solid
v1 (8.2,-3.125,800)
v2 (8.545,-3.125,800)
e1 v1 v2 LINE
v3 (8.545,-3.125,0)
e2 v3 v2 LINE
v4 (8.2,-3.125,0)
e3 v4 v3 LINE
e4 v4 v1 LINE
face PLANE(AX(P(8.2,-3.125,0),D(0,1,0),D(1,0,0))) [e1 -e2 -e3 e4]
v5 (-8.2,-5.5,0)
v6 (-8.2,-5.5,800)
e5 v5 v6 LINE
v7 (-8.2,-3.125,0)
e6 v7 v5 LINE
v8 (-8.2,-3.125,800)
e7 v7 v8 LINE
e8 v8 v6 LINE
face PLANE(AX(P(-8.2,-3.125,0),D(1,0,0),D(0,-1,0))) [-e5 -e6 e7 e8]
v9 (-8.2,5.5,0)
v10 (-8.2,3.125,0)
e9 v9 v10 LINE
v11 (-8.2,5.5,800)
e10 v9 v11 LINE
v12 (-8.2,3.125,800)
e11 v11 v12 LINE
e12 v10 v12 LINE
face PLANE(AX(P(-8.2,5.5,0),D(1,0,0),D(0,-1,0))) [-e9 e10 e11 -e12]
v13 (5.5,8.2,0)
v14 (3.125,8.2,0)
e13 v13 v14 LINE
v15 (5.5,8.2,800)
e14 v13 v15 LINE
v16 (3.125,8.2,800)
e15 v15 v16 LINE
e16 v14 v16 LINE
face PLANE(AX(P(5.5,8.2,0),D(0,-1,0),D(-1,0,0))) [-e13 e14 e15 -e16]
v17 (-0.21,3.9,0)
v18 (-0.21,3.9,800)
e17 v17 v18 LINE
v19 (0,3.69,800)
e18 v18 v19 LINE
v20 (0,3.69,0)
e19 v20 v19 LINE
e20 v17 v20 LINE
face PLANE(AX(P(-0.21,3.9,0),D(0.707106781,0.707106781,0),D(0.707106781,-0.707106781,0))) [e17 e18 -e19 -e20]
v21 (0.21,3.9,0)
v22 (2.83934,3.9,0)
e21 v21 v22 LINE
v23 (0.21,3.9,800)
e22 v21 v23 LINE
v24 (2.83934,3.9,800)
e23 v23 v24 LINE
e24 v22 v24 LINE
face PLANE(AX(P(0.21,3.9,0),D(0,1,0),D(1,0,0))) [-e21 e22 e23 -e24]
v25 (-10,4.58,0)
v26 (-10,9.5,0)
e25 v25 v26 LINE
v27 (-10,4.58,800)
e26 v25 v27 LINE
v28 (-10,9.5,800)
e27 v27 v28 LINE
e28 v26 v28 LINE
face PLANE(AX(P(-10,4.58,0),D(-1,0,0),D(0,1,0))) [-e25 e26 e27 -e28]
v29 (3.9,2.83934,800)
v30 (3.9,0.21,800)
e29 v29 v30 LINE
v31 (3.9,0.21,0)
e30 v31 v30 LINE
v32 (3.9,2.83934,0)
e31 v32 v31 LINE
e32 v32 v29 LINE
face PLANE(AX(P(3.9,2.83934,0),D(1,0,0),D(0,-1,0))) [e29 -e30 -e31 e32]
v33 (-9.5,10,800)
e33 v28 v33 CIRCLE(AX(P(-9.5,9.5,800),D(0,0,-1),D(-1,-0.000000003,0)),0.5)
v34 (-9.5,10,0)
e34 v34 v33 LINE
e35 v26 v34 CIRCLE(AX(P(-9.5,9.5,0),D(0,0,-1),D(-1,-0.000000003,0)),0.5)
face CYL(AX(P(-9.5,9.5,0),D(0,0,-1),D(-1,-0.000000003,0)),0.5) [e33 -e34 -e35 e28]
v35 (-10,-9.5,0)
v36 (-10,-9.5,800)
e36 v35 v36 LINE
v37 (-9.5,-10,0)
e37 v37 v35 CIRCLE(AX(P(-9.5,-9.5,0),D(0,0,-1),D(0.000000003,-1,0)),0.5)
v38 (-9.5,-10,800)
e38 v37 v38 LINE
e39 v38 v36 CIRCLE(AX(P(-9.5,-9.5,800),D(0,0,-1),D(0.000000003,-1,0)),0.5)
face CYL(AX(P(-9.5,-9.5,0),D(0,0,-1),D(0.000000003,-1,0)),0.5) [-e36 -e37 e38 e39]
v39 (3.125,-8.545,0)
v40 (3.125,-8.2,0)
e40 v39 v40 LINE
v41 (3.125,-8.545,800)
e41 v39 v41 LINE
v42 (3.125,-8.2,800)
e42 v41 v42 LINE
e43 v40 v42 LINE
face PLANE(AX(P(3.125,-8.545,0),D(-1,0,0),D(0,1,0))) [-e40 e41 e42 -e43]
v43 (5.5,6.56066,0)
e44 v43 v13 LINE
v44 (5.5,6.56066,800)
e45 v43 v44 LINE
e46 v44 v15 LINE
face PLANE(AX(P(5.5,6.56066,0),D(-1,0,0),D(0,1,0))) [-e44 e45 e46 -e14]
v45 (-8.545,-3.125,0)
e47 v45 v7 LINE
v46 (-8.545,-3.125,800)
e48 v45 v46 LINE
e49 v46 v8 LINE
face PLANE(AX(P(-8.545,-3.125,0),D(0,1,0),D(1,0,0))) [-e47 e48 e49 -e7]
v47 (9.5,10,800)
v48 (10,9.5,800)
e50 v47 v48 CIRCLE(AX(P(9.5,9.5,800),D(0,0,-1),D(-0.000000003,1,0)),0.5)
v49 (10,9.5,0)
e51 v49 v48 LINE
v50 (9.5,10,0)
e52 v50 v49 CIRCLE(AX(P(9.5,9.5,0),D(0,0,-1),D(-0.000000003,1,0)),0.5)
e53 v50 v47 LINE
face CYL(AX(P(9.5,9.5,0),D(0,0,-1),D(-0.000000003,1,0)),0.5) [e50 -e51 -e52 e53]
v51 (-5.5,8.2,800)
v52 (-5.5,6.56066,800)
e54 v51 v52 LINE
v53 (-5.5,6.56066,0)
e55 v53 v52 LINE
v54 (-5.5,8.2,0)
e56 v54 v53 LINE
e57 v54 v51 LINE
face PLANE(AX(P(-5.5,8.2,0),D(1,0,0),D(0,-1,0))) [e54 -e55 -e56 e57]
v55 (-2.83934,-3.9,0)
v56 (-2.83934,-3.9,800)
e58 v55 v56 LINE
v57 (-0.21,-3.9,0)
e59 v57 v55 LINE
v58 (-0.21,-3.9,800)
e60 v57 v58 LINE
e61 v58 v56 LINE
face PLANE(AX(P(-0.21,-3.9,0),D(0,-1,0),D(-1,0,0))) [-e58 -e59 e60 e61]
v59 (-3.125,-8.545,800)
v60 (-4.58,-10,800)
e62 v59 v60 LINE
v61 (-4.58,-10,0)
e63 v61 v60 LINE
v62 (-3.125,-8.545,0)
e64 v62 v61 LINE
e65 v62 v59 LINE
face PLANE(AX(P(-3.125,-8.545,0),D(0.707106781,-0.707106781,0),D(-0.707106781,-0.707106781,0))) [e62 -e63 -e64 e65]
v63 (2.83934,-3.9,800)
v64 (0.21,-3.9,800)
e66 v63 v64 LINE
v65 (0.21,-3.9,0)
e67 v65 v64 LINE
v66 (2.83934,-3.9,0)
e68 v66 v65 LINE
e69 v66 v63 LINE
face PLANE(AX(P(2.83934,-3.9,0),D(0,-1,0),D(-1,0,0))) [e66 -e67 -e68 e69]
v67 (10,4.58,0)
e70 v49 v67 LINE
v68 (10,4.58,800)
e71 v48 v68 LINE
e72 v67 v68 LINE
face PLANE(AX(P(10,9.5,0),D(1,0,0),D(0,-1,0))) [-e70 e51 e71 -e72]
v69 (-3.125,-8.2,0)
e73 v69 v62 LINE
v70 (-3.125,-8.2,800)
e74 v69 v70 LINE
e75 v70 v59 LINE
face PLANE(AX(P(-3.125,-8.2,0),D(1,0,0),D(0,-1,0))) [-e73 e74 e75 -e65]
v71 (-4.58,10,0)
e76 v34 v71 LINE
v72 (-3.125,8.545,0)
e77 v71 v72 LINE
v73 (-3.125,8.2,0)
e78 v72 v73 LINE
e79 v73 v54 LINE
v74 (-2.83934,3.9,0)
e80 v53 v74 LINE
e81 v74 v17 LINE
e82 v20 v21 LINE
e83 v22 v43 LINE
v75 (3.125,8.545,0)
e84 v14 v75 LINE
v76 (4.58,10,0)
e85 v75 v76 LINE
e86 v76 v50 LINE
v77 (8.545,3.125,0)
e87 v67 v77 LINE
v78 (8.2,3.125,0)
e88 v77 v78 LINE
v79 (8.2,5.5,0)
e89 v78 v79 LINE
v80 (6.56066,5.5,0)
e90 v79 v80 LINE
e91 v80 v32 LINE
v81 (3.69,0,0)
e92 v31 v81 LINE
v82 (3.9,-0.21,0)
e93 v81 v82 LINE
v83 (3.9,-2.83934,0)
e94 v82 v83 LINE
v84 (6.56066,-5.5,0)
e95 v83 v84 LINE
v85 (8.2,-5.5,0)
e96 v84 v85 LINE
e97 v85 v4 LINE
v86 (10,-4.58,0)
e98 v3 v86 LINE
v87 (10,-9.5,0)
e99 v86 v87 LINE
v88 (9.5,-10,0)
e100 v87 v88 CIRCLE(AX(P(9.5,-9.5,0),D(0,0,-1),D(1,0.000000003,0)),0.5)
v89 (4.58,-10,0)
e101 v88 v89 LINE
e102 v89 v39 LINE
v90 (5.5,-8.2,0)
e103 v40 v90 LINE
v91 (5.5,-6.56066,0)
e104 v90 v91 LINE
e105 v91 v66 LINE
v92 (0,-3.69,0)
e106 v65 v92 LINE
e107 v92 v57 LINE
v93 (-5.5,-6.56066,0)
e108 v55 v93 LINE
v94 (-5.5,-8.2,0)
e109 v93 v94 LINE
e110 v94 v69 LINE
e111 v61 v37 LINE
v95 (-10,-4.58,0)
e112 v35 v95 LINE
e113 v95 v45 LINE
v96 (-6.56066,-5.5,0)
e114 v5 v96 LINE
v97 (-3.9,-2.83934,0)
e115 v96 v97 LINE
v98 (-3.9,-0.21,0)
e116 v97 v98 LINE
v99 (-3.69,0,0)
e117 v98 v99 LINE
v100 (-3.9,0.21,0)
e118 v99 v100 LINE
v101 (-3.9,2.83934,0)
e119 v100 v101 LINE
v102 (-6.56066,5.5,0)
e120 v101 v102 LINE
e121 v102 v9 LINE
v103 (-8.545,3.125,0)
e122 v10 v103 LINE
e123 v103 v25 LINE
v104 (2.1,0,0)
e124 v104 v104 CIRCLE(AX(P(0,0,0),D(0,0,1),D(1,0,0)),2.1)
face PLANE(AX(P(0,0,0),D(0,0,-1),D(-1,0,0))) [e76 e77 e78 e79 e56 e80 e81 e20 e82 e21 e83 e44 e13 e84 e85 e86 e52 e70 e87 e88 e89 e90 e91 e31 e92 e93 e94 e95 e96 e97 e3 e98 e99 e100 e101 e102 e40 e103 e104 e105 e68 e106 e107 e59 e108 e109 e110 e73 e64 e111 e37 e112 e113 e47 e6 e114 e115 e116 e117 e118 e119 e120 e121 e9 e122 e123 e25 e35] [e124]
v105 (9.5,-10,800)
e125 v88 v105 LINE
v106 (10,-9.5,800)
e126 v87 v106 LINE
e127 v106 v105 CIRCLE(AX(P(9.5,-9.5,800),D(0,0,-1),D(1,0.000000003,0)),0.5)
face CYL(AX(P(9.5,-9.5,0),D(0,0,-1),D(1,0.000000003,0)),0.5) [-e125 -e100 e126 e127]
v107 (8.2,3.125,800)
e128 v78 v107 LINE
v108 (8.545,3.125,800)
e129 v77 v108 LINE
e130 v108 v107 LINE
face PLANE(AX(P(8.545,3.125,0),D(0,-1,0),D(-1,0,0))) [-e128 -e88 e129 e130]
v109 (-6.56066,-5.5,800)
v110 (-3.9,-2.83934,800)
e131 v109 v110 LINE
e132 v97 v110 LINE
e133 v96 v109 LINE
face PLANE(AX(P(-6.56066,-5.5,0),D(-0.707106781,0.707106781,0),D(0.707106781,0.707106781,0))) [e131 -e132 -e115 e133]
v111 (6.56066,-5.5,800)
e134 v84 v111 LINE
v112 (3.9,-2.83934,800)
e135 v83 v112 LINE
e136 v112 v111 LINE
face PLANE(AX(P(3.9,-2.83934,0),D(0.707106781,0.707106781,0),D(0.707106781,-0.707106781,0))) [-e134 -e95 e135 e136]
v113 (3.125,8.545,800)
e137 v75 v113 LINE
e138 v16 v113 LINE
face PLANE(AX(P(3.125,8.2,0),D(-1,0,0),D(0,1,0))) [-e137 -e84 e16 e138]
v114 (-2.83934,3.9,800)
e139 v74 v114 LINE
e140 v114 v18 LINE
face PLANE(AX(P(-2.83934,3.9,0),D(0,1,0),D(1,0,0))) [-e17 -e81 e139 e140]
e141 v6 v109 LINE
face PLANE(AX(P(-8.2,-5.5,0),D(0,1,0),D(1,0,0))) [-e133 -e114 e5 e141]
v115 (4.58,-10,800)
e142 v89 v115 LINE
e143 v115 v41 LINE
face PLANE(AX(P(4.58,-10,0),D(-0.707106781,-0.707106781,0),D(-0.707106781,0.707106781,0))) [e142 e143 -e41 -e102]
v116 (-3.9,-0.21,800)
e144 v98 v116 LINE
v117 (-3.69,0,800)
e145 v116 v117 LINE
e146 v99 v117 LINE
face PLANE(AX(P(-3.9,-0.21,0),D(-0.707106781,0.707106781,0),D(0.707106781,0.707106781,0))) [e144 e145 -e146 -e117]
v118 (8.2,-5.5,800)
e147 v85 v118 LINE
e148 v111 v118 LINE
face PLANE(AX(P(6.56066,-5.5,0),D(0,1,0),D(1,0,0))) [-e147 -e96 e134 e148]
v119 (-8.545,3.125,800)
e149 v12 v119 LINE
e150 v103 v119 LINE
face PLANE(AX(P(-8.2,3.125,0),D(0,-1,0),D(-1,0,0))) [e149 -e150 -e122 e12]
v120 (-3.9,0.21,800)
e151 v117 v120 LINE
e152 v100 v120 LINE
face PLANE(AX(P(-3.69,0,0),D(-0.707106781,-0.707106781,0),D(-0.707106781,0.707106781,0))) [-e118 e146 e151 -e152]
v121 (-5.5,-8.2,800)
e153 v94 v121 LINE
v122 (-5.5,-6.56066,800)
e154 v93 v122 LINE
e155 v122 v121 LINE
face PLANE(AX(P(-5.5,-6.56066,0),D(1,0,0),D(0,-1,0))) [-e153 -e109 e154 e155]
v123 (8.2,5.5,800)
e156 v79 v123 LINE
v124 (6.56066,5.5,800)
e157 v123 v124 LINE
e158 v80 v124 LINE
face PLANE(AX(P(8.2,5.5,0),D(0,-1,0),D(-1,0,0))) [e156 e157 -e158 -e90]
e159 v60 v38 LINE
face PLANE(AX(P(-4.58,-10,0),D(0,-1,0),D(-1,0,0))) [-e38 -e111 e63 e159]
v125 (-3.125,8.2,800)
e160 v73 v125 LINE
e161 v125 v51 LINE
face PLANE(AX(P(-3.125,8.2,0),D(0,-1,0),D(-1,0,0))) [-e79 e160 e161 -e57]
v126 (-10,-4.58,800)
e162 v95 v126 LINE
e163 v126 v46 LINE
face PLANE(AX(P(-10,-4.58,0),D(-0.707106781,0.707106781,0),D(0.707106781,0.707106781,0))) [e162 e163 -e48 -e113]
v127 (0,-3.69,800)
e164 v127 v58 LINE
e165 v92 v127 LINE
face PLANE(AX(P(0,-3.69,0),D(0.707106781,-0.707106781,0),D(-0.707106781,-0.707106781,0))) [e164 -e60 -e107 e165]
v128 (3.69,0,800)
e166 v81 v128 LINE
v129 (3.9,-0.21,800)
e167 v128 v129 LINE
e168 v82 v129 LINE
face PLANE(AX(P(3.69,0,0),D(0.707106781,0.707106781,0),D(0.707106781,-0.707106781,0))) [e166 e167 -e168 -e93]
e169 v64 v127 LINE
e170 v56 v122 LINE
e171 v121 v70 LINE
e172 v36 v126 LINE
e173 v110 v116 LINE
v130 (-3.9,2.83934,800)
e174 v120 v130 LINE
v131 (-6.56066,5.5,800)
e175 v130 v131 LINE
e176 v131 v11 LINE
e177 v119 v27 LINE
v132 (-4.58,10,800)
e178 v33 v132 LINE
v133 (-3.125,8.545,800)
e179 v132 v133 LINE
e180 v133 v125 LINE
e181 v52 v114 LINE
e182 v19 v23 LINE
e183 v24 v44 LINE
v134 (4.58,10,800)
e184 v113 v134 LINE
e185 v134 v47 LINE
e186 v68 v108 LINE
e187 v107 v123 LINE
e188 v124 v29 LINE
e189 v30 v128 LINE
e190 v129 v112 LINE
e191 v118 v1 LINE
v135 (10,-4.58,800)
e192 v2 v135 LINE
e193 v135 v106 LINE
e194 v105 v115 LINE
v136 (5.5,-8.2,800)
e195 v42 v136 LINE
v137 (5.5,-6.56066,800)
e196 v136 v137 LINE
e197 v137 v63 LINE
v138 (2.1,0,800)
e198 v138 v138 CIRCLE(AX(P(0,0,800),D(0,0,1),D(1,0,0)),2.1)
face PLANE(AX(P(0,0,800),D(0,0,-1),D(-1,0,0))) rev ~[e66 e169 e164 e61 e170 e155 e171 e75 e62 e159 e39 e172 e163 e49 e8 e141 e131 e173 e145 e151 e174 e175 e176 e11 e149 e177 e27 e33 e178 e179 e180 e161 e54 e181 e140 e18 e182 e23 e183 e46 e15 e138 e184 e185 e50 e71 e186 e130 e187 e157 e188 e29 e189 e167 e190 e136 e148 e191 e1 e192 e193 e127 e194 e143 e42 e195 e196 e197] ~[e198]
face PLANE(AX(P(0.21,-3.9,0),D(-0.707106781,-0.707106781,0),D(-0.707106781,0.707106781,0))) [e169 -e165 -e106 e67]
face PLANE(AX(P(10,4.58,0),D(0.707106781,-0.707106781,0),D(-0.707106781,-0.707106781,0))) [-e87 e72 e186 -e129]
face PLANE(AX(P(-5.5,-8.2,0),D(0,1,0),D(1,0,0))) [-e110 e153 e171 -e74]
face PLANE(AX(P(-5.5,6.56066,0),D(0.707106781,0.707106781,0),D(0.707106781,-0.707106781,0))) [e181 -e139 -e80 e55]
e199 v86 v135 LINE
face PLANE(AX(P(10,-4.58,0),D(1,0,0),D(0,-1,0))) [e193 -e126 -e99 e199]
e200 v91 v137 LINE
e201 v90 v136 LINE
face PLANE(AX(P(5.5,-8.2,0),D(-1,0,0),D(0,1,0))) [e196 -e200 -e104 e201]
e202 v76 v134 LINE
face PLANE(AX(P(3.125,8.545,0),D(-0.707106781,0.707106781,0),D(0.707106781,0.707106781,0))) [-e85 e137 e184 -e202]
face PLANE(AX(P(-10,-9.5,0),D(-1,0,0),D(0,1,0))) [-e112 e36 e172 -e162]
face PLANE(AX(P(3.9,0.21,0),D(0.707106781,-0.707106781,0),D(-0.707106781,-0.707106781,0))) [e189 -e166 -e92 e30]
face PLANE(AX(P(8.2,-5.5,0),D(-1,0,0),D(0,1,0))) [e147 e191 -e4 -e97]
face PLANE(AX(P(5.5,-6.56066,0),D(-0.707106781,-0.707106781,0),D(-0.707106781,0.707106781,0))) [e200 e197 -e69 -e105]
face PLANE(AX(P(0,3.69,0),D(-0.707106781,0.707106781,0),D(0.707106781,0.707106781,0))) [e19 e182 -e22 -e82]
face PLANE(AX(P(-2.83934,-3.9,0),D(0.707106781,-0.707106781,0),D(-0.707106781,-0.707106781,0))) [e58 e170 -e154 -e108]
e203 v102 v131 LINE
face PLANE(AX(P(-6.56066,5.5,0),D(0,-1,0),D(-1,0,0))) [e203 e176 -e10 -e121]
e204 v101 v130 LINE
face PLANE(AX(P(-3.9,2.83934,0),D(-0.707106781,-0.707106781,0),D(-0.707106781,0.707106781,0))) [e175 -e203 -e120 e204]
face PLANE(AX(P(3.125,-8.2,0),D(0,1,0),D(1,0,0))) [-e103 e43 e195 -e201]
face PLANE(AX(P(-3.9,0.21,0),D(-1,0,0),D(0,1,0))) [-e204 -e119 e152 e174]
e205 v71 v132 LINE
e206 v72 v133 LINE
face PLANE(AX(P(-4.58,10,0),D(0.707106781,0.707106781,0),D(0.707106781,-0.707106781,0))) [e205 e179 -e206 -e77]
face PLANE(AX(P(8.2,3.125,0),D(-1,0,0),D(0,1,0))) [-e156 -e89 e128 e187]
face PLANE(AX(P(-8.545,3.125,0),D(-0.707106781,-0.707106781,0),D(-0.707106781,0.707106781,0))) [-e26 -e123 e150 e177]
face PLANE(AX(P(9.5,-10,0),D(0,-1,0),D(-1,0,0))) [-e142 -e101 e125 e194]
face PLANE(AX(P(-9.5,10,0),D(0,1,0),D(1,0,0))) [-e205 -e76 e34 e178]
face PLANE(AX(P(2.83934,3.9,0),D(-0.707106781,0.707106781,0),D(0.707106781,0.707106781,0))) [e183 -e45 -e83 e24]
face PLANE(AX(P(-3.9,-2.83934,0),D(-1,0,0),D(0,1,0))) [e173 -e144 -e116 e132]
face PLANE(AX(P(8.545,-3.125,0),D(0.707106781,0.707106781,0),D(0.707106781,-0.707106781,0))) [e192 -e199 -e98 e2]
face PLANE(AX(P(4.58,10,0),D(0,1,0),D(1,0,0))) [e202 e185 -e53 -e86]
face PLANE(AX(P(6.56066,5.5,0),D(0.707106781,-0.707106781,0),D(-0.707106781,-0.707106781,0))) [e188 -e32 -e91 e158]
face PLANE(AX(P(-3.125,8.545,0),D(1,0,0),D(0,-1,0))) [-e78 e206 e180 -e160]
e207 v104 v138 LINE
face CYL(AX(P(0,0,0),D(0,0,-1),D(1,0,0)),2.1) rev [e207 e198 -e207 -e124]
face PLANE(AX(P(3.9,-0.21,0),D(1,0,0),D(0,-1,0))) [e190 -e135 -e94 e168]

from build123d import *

# Parameters (mm, degrees)
SKETCH1_R           = 2.1
BOSS_EXTRUDE1_DEPTH = 800


with BuildPart() as part:
    # Sketch1 → Boss-Extrude1 (new body)
    with BuildSketch(Plane.XY):
        with BuildLine():
            Line((3.69, 0), (3.9, -0.21))
            Line((3.9, -0.21), (3.9, -2.839339828))
            Line((3.9, -2.839339828), (6.560660172, -5.5))
            Line((6.560660172, -5.5), (8.2, -5.5))
            Line((8.2, -5.5), (8.2, -3.125))
            Line((8.2, -3.125), (8.545, -3.125))
            Line((8.545, -3.125), (10, -4.58))
            Line((10, -4.58), (10, -9.5))
            ThreePointArc((10, -9.5), (9.853553391, -9.853553391), (9.5, -10))
            Line((9.5, -10), (4.58, -10))
            Line((4.58, -10), (3.125, -8.545))
            Line((3.125, -8.545), (3.125, -8.2))
            Line((3.125, -8.2), (5.5, -8.2))
            Line((5.5, -8.2), (5.5, -6.560660172))
            Line((5.5, -6.560660172), (2.839339828, -3.9))
            Line((2.839339828, -3.9), (0.21, -3.9))
            Line((0.21, -3.9), (0, -3.69))
            Line((0, -3.69), (-0.21, -3.9))
            Line((-0.21, -3.9), (-2.839339828, -3.9))
            Line((-2.839339828, -3.9), (-5.5, -6.560660172))
            Line((-5.5, -6.560660172), (-5.5, -8.2))
            Line((-5.5, -8.2), (-3.125, -8.2))
            Line((-3.125, -8.2), (-3.125, -8.545))
            Line((-3.125, -8.545), (-4.58, -10))
            Line((-4.58, -10), (-9.5, -10))
            ThreePointArc((-9.5, -10), (-9.853553391, -9.853553391), (-10, -9.5))
            Line((-10, -9.5), (-10, -4.58))
            Line((-10, -4.58), (-8.545, -3.125))
            Line((-8.545, -3.125), (-8.2, -3.125))
            Line((-8.2, -3.125), (-8.2, -5.5))
            Line((-8.2, -5.5), (-6.560660172, -5.5))
            Line((-6.560660172, -5.5), (-3.9, -2.839339828))
            Line((-3.9, -2.839339828), (-3.9, -0.21))
            Line((-3.9, -0.21), (-3.69, 0))
            Line((-3.69, 0), (-3.9, 0.21))
            Line((-3.9, 0.21), (-3.9, 2.839339828))
            Line((-3.9, 2.839339828), (-6.560660172, 5.5))
            Line((-6.560660172, 5.5), (-8.2, 5.5))
            Line((-8.2, 5.5), (-8.2, 3.125))
            Line((-8.2, 3.125), (-8.545, 3.125))
            Line((-8.545, 3.125), (-10, 4.58))
            Line((-10, 4.58), (-10, 9.5))
            ThreePointArc((-10, 9.5), (-9.853553391, 9.853553391), (-9.5, 10))
            Line((-9.5, 10), (-4.58, 10))
            Line((-4.58, 10), (-3.125, 8.545))
            Line((-3.125, 8.545), (-3.125, 8.2))
            Line((-3.125, 8.2), (-5.5, 8.2))
            Line((-5.5, 8.2), (-5.5, 6.560660172))
            Line((-5.5, 6.560660172), (-2.839339828, 3.9))
            Line((-2.839339828, 3.9), (-0.21, 3.9))
            Line((-0.21, 3.9), (0, 3.69))
            Line((0, 3.69), (0.21, 3.9))
            Line((0.21, 3.9), (2.839339828, 3.9))
            Line((2.839339828, 3.9), (5.5, 6.560660172))
            Line((5.5, 6.560660172), (5.5, 8.2))
            Line((5.5, 8.2), (3.125, 8.2))
            Line((3.125, 8.2), (3.125, 8.545))
            Line((3.125, 8.545), (4.58, 10))
            Line((4.58, 10), (9.5, 10))
            ThreePointArc((9.5, 10), (9.853553391, 9.853553391), (10, 9.5))
            Line((10, 9.5), (10, 4.58))
            Line((10, 4.58), (8.545, 3.125))
            Line((8.545, 3.125), (8.2, 3.125))
            Line((8.2, 3.125), (8.2, 5.5))
            Line((8.2, 5.5), (6.560660172, 5.5))
            Line((6.560660172, 5.5), (3.9, 2.839339828))
            Line((3.9, 2.839339828), (3.9, 0.21))
            Line((3.9, 0.21), (3.69, 0))
        make_face()
        Circle(SKETCH1_R, mode=Mode.SUBTRACT)
    extrude(amount=BOSS_EXTRUDE1_DEPTH)


solid = part.part
